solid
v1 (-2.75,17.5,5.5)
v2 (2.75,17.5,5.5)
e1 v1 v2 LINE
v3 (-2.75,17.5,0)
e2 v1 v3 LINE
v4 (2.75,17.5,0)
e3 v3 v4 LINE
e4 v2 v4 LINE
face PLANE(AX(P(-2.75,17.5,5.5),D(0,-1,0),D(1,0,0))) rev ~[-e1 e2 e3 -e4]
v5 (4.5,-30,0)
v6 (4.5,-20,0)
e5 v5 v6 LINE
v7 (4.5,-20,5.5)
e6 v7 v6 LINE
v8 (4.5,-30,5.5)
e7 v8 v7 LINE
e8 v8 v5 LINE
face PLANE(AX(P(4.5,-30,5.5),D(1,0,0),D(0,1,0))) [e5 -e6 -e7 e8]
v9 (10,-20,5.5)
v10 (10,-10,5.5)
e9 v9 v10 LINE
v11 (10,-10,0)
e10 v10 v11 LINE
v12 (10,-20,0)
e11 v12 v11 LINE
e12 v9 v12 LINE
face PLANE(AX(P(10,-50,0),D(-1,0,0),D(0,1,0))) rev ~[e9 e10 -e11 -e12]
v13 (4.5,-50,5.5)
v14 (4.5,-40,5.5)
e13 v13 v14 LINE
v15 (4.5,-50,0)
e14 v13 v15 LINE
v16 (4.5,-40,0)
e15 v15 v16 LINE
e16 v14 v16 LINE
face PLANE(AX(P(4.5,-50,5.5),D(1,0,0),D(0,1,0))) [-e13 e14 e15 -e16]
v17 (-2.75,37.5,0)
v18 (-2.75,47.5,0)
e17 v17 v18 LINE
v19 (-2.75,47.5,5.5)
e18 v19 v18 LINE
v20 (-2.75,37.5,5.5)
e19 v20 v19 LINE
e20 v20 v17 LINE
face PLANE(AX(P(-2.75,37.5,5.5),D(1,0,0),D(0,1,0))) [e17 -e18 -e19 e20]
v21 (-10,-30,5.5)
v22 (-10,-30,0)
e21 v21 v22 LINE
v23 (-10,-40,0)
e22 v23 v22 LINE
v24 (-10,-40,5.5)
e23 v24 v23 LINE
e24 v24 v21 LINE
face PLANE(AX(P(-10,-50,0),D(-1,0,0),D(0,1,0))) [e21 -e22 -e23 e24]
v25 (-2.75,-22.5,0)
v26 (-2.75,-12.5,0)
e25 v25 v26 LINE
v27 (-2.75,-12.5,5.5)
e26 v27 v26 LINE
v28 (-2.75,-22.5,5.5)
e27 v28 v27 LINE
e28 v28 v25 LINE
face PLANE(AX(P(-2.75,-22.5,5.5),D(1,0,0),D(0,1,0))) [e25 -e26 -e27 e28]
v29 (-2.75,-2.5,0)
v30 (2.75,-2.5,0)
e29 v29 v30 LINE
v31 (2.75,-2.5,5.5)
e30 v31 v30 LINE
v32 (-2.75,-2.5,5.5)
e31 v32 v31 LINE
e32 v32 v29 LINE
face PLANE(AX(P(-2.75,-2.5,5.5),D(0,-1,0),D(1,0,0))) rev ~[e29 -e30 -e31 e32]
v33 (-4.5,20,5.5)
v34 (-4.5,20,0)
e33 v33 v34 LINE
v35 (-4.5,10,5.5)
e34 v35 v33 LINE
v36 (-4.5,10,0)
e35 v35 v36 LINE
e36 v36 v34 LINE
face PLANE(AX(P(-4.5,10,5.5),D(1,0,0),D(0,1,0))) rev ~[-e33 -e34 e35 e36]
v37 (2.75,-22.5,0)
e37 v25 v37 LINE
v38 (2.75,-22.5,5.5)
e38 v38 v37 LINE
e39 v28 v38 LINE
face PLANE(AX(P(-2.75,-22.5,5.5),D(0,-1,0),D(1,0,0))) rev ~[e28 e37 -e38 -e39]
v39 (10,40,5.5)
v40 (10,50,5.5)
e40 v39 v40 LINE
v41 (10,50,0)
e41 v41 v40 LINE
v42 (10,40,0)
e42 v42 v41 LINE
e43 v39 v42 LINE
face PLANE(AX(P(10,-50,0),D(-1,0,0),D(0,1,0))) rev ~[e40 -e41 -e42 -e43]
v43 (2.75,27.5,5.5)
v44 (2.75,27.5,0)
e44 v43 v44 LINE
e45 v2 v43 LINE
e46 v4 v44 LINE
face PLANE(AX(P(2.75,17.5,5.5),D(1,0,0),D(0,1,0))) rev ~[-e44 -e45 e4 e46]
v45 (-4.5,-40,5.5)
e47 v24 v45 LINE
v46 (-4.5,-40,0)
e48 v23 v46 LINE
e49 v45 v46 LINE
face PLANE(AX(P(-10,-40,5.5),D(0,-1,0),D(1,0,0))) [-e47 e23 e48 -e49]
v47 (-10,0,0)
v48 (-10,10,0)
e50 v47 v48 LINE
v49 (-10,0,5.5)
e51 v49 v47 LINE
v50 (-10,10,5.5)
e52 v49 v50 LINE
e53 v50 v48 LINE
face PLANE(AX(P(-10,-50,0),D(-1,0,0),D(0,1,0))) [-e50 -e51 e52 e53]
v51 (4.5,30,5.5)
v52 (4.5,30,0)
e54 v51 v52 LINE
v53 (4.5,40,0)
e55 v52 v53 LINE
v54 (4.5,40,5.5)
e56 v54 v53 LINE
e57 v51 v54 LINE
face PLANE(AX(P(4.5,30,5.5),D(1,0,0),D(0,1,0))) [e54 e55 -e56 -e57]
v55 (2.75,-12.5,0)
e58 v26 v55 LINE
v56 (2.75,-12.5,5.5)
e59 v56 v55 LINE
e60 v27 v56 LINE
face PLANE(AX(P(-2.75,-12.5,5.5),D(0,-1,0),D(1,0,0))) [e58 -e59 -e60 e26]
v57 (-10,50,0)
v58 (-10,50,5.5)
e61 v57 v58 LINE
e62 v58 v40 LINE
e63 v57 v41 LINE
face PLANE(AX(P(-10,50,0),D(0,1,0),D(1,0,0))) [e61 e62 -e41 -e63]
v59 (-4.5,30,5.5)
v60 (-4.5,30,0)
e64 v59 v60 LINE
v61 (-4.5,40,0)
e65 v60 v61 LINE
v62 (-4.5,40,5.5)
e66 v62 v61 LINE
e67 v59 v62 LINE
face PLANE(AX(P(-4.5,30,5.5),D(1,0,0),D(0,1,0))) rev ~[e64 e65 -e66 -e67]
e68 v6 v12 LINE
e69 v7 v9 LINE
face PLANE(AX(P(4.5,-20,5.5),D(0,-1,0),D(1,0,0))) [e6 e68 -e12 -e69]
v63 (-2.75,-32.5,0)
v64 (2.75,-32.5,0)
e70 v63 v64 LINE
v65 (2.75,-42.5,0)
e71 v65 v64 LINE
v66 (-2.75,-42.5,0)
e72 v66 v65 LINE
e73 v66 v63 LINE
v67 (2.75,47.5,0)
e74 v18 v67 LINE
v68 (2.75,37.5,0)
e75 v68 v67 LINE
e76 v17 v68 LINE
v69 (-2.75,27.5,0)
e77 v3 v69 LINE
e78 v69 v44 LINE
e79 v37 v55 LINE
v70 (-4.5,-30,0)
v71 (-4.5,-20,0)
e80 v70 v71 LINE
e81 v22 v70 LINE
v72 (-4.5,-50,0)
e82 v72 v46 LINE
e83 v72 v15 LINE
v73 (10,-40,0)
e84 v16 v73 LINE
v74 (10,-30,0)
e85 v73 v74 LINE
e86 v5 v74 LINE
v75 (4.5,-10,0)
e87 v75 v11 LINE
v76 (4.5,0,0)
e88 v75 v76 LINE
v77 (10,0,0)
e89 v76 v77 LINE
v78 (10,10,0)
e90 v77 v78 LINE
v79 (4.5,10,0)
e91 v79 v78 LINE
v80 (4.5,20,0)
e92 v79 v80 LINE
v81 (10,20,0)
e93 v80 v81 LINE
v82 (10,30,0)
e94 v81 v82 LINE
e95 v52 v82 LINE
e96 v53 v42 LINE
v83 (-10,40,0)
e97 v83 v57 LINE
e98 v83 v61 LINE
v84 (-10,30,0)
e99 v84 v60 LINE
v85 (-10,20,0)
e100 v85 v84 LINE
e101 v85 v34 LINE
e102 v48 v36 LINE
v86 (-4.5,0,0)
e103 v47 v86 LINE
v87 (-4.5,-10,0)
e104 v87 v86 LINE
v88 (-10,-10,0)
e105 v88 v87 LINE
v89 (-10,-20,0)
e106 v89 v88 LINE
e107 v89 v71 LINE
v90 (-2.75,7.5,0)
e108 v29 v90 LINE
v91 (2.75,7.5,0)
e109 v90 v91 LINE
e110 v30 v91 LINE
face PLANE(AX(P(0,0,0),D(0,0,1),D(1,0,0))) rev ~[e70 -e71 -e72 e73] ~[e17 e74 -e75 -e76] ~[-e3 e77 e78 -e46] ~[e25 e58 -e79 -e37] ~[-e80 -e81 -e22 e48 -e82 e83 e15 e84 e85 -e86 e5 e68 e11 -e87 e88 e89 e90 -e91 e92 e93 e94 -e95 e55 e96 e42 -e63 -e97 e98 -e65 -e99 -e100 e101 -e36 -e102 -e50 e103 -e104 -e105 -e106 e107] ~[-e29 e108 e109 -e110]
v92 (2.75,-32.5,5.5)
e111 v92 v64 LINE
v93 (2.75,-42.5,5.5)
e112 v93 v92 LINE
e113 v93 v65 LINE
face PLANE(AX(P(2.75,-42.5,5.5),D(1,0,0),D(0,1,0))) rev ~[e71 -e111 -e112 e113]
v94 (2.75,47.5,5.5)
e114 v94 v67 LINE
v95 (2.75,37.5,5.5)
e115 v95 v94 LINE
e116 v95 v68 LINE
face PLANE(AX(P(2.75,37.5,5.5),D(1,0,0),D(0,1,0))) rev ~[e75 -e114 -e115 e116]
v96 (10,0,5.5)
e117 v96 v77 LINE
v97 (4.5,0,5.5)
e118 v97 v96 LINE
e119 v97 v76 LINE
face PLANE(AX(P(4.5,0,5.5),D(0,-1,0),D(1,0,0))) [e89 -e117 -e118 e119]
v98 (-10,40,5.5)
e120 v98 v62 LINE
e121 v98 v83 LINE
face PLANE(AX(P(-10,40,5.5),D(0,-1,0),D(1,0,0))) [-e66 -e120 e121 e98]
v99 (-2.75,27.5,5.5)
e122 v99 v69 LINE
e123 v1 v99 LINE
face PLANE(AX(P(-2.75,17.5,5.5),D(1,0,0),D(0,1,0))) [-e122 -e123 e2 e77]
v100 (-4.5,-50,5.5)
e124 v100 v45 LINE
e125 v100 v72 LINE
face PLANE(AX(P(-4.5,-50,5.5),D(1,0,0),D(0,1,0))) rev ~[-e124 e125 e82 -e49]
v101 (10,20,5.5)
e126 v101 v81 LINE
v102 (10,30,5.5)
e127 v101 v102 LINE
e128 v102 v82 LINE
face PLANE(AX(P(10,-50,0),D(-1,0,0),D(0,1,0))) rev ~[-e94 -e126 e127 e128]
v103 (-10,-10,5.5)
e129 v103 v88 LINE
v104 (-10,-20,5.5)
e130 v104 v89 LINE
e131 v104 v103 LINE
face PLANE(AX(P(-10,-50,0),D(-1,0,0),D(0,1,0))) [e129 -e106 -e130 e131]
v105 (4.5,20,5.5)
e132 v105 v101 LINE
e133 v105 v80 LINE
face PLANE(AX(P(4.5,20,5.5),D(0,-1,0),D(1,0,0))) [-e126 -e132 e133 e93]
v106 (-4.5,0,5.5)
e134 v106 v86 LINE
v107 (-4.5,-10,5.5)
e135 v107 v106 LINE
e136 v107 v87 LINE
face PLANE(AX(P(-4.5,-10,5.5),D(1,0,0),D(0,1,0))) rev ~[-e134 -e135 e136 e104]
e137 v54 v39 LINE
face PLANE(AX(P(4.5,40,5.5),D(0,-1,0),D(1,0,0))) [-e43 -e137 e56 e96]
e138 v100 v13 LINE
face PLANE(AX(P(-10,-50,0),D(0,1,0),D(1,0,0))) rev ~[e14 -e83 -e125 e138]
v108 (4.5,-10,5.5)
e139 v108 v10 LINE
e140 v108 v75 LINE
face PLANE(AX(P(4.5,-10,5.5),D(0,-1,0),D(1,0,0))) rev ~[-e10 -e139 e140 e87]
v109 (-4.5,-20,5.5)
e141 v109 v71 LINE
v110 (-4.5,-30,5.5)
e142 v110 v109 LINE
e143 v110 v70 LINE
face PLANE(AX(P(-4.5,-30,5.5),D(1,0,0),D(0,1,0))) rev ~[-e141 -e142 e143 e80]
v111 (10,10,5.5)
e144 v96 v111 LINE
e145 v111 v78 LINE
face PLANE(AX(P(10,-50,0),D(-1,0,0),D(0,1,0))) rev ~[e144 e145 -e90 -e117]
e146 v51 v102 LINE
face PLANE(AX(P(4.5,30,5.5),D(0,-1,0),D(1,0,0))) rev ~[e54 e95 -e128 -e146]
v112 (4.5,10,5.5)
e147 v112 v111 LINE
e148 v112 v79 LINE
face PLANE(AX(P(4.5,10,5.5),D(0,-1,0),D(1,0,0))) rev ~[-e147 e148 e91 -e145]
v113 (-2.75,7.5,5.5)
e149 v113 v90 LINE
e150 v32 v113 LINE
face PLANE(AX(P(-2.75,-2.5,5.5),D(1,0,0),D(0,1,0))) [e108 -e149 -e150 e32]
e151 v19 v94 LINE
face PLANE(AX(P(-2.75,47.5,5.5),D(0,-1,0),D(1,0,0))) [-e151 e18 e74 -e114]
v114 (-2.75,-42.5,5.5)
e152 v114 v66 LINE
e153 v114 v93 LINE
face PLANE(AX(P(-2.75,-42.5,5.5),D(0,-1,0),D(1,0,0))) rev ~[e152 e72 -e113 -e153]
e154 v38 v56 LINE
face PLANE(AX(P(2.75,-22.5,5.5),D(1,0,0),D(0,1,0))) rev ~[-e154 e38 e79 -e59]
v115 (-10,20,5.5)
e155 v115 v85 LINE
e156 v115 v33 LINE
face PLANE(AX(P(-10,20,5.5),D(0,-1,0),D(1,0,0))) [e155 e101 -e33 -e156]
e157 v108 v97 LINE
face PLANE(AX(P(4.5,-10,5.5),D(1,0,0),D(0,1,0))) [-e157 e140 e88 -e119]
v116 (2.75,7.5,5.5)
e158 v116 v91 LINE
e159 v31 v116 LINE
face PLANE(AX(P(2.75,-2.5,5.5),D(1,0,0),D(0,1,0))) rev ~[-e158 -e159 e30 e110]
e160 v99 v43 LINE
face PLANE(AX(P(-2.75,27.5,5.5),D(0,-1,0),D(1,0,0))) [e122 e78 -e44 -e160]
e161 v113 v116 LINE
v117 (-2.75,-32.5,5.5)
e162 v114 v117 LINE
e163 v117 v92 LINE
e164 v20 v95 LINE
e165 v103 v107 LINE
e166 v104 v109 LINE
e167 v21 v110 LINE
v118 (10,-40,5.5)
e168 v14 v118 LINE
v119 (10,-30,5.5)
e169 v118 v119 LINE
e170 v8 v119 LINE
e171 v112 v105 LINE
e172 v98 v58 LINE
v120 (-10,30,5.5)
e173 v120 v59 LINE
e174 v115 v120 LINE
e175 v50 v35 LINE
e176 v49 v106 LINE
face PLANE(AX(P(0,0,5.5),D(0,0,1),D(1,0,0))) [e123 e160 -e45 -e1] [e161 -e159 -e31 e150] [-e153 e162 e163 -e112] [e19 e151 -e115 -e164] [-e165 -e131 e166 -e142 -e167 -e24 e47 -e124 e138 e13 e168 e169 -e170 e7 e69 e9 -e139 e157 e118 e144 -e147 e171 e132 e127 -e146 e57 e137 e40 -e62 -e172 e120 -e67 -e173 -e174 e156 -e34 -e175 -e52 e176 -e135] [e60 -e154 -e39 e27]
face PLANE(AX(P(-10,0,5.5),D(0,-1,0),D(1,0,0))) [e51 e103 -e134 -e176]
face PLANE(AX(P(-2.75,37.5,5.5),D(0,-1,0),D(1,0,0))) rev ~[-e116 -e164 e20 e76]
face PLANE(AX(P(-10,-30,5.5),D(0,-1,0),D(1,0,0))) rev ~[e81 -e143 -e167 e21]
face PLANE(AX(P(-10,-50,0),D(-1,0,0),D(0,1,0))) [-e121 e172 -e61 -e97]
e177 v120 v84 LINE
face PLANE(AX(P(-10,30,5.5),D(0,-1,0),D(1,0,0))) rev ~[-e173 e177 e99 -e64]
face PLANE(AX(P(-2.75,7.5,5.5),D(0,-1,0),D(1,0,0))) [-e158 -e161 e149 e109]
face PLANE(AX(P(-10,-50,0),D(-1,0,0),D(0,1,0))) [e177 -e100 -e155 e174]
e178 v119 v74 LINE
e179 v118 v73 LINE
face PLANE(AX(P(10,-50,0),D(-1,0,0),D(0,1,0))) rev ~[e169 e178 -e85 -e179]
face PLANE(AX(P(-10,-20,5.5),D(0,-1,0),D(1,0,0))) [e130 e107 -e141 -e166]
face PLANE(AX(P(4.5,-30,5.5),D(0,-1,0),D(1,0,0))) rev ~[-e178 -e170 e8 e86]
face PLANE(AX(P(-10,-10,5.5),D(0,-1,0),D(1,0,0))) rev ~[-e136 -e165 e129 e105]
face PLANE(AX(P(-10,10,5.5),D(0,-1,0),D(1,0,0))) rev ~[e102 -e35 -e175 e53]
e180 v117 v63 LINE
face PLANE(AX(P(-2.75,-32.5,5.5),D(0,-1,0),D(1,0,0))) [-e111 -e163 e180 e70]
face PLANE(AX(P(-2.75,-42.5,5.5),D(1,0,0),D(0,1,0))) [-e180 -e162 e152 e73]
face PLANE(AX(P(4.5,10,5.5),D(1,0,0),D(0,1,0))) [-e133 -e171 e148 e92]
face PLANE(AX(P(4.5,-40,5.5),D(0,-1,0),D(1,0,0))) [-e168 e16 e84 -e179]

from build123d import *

# Parameters (mm, degrees)
SKETCH_1_W          = 20
SKETCH_1_H          = 100
EXTRUDE_1_DEPTH     = 5.5
SKETCH_2_W          = 5.5
SKETCH_2_H          = 10
CUT_EXTRUDE_1_DEPTH = 52.285962992
SKETCH_3_W          = 5.5
SKETCH_3_H          = 10
CUT_EXTRUDE_2_DEPTH = 52.285962992


with BuildPart() as part:
    # ｽｹｯﾁ1 → ﾎﾞｽ - 押し出し1 (new body)
    with BuildSketch(Plane.XY):
        Rectangle(SKETCH_1_W, SKETCH_1_H)
    extrude(amount=EXTRUDE_1_DEPTH)

    # ｽｹｯﾁ2 → ｶｯﾄ - 押し出し1 (cut, through all)
    with BuildSketch(Plane.XY.offset(5.5)):
        with Locations((-7.25, 35)):
            Rectangle(SKETCH_2_W, SKETCH_2_H)
        with Locations((-7.25, 15)):
            Rectangle(SKETCH_2_W, SKETCH_2_H)
        with Locations((-7.25, -5)):
            Rectangle(SKETCH_2_W, SKETCH_2_H)
        with Locations((-7.25, -25)):
            Rectangle(SKETCH_2_W, SKETCH_2_H)
        with Locations((7.25, -25)):
            Rectangle(SKETCH_2_W, SKETCH_2_H)
        with Locations((7.25, -5)):
            Rectangle(SKETCH_2_W, SKETCH_2_H)
        with Locations((7.25, 15)):
            Rectangle(SKETCH_2_W, SKETCH_2_H)
        with Locations((7.25, 35)):
            Rectangle(SKETCH_2_W, SKETCH_2_H)
        with Locations((-7.25, -45)):
            Rectangle(SKETCH_2_W, SKETCH_2_H)
        with Locations((7.25, -45)):
            Rectangle(SKETCH_2_W, SKETCH_2_H)
    extrude(amount=-CUT_EXTRUDE_1_DEPTH, mode=Mode.SUBTRACT)

    # ｽｹｯﾁ3 → ｶｯﾄ - 押し出し2 (cut, through all)
    with BuildSketch(Plane.XY.offset(5.5)):
        with Locations((0, -37.5)):
            Rectangle(SKETCH_3_W, SKETCH_3_H)
        with Locations((0, -17.5)):
            Rectangle(SKETCH_3_W, SKETCH_3_H)
        with Locations((0, 2.5)):
            Rectangle(SKETCH_3_W, SKETCH_3_H)
        with Locations((0, 22.5)):
            Rectangle(SKETCH_3_W, SKETCH_3_H)
        with Locations((0, 42.5)):
            Rectangle(SKETCH_3_W, SKETCH_3_H)
    extrude(amount=-CUT_EXTRUDE_2_DEPTH, mode=Mode.SUBTRACT)


solid = part.part
